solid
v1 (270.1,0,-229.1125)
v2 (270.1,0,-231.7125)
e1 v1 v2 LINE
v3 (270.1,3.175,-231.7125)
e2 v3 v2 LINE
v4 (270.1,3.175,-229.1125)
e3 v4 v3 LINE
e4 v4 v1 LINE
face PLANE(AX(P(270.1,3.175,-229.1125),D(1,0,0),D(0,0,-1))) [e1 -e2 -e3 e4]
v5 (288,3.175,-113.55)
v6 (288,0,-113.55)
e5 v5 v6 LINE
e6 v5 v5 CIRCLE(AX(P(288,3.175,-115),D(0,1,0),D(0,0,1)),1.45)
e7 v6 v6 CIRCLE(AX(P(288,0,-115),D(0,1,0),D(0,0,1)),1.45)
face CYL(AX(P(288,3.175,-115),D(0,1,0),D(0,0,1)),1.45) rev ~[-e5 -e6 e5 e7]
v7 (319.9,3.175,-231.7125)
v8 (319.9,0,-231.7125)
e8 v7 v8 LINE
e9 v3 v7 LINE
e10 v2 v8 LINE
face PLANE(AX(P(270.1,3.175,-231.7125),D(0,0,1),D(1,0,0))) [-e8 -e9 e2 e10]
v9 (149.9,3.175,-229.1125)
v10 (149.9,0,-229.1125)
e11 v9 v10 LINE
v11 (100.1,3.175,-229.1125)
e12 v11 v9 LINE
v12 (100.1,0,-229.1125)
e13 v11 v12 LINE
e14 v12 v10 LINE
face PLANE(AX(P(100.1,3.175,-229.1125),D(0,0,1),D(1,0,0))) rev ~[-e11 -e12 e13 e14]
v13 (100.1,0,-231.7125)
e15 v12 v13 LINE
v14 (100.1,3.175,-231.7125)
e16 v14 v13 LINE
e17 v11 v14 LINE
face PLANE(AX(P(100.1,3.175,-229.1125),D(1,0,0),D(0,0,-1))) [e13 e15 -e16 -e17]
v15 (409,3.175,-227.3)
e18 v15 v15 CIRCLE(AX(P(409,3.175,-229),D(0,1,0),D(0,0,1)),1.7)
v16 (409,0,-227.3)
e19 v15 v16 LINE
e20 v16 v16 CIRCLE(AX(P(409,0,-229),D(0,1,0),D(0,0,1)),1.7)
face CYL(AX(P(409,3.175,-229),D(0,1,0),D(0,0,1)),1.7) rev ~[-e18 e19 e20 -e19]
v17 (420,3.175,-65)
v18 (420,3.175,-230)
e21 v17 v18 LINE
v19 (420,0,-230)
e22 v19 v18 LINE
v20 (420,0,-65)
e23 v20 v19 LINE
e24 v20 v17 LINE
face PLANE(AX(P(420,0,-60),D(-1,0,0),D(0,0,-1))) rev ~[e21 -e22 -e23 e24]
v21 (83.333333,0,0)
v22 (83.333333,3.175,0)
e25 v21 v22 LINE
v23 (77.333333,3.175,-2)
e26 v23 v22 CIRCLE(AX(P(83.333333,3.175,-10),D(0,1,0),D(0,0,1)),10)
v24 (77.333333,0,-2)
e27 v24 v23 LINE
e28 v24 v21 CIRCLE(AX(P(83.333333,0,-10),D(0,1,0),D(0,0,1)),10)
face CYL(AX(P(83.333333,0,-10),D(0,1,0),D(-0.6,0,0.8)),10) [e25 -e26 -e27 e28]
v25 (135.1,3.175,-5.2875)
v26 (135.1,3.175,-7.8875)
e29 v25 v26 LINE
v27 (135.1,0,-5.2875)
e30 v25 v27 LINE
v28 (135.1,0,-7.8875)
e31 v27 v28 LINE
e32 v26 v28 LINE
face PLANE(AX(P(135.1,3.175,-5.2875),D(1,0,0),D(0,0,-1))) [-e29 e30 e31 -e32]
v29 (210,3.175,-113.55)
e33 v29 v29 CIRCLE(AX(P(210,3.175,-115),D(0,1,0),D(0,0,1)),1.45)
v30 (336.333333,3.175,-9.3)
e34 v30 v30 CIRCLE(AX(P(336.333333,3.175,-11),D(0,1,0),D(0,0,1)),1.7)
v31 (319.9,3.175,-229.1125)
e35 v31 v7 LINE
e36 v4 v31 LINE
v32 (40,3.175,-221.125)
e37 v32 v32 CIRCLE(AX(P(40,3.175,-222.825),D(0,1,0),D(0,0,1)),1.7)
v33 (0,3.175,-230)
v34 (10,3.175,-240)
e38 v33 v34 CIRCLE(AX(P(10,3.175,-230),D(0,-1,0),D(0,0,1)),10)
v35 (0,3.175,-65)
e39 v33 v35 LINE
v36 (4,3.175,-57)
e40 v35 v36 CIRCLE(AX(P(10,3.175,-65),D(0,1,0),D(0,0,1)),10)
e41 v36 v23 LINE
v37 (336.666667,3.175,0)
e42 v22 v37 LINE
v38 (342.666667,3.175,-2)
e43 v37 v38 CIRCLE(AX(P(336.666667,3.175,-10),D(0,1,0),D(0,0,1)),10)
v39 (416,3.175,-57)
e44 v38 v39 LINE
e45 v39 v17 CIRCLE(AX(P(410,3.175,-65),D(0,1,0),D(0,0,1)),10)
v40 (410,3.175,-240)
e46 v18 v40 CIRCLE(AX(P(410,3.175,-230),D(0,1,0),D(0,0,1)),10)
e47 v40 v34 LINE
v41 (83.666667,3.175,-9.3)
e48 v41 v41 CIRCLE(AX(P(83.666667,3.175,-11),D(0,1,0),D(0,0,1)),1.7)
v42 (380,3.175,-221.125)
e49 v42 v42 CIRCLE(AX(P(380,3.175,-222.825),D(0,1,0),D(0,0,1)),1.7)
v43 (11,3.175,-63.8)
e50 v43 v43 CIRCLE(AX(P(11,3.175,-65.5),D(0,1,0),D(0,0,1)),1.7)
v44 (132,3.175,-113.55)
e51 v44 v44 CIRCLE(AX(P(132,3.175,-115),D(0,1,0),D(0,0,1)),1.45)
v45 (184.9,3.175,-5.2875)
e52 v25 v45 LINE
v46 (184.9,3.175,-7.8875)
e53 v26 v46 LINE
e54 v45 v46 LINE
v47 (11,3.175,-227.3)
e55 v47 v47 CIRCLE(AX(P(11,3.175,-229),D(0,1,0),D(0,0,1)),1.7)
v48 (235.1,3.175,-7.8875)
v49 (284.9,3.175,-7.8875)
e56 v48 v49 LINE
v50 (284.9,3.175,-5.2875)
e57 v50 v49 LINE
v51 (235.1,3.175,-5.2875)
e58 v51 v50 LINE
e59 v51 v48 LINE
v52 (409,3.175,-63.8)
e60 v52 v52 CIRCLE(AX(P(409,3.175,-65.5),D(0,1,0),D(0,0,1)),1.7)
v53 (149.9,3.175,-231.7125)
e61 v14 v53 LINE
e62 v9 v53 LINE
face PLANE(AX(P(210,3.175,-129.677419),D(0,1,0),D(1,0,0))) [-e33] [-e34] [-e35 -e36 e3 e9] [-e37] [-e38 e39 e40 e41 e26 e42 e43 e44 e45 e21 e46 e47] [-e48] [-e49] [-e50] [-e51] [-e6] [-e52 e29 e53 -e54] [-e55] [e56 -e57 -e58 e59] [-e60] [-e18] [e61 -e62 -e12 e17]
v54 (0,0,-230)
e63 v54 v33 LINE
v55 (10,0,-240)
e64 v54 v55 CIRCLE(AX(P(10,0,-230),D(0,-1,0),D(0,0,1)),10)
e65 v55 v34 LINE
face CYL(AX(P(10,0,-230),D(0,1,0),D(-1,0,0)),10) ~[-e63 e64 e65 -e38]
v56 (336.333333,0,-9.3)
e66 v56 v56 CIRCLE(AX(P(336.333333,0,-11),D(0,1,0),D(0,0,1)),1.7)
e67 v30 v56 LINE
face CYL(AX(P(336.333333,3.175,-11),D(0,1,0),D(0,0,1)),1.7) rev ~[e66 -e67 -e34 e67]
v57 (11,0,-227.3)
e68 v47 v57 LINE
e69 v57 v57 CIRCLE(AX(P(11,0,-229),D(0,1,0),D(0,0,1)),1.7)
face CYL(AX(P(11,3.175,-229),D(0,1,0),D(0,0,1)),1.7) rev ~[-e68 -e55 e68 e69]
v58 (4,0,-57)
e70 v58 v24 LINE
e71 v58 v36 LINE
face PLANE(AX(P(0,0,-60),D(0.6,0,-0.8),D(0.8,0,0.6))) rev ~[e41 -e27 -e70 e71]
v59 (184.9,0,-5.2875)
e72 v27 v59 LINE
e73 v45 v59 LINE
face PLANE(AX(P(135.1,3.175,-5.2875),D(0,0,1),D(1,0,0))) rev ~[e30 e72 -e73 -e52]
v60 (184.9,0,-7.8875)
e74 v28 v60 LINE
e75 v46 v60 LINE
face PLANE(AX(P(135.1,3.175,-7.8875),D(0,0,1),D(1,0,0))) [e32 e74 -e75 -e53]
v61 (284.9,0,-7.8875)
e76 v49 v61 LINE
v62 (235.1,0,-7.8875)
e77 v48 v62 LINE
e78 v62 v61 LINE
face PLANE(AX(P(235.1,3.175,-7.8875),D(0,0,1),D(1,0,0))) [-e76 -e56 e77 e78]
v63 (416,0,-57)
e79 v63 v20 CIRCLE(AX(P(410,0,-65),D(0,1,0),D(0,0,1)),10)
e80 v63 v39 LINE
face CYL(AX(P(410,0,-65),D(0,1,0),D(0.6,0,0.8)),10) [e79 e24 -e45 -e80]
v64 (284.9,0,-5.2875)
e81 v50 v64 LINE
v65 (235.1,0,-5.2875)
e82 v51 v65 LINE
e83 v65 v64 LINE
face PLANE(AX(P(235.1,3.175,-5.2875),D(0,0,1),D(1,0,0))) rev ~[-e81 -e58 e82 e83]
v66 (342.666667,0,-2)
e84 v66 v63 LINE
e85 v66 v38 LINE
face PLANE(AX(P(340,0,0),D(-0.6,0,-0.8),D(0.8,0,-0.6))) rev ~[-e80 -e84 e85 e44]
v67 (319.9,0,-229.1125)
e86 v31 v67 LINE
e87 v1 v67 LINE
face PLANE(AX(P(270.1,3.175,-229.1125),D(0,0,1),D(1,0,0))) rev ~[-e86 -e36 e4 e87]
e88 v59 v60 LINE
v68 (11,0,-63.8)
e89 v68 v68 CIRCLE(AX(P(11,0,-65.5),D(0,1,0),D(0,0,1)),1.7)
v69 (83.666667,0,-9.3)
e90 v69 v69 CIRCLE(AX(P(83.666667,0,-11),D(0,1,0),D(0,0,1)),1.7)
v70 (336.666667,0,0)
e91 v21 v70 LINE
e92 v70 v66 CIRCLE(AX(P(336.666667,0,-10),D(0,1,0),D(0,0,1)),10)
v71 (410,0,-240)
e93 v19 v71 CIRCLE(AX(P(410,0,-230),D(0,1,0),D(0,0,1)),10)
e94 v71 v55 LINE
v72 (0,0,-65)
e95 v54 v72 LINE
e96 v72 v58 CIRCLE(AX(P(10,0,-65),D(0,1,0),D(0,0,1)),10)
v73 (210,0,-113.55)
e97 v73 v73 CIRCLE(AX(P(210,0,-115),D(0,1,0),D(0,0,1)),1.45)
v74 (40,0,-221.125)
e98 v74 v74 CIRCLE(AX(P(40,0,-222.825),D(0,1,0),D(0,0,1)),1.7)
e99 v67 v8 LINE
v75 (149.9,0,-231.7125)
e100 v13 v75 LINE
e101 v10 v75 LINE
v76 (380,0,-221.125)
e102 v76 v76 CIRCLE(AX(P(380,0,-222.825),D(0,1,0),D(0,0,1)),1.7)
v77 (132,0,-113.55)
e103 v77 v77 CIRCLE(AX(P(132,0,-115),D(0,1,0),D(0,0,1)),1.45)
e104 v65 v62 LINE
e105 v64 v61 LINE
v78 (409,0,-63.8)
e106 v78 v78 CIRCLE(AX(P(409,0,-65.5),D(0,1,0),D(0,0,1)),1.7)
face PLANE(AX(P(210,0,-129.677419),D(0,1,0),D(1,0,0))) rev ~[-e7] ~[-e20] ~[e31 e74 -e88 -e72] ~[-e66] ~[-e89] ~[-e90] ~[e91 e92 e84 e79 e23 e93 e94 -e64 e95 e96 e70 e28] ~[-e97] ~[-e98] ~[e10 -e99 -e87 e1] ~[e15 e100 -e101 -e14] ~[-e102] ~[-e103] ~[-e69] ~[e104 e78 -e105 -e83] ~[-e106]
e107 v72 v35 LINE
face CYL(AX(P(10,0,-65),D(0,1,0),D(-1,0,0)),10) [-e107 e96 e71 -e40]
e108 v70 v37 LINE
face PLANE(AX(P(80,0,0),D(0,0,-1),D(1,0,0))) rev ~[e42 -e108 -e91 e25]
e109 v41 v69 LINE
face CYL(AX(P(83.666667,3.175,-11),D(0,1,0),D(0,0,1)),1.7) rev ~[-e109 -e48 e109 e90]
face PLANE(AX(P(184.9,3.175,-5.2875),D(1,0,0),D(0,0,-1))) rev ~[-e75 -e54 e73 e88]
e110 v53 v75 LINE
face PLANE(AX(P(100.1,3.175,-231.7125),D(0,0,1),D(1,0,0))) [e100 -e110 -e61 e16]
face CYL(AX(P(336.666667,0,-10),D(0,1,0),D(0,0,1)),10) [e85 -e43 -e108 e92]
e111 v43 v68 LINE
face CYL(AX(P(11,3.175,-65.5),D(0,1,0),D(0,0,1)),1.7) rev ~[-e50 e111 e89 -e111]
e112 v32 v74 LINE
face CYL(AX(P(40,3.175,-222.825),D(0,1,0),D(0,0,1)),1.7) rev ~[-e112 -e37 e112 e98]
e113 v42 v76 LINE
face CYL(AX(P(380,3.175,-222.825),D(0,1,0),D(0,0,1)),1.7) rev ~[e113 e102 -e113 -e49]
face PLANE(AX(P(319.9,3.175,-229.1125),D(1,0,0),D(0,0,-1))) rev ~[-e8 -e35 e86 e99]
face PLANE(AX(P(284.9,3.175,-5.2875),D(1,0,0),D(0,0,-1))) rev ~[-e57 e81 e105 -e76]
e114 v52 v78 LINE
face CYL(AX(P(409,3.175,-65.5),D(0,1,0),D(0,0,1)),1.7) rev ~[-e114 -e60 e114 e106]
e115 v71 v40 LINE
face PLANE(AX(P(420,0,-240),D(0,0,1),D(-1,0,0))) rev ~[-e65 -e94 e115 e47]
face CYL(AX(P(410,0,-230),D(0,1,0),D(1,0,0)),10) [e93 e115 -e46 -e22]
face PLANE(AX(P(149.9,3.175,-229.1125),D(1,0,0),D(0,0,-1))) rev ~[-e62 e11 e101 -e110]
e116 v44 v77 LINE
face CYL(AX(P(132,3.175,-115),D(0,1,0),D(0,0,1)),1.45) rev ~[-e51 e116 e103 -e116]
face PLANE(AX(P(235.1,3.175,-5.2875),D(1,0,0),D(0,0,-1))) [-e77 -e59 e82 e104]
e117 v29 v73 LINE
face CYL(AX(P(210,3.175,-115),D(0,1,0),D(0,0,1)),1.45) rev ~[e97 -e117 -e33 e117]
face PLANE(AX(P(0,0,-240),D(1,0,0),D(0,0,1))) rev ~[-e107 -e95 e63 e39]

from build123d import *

# Parameters (mm, degrees)
BOSS_EXTRUDE1_DEPTH = 3.175
FILLET1_R           = 10
SKETCH2_R           = 1.7
SKETCH2_R_2         = 1.45
CUT_EXTRUDE1_DEPTH  = 3.175
SKETCH6_W           = 49.8
SKETCH6_H           = 2.6
CUT_EXTRUDE2_DEPTH  = 3.175


with BuildPart() as part:
    # Sketch1 → Boss-Extrude1 (new body)
    with BuildSketch(Plane(origin=(0, 0, 0), x_dir=(1, 0, 0), z_dir=(0, 1, 0))):
        Polygon((0, 240), (0, 60), (80, 0), (340, 0), (420, 60), (420, 240), align=None)
    extrude(amount=BOSS_EXTRUDE1_DEPTH)

    # Fillet1
    fillet1_edges = [part.edges().sort_by_distance(p)[0] for p in [
        (420, 1.5875, -240),
        (420, 1.5875, -60),
        (340, 1.5875, 0),
        (80, 1.5875, 0),
        (0, 1.5875, -60),
        (0, 1.5875, -240),
    ]]
    fillet(fillet1_edges, radius=FILLET1_R)

    # Sketch2 → Cut-Extrude1 (cut)
    with BuildSketch(Plane(origin=(0, 3.175, 0), x_dir=(1, 0, 0), z_dir=(0, 1, 0))):
        with Locations(Location((11, 229, 0), (0, 0, 270))):
            Circle(SKETCH2_R)
        with Locations(Location((11, 65.5, 0), (0, 0, 270))):
            Circle(SKETCH2_R)
        with Locations(Location((83.666666667, 11, 0), (0, 0, 270))):
            Circle(SKETCH2_R)
        with Locations(Location((409, 65.5, 0), (0, 0, 270))):
            Circle(SKETCH2_R)
        with Locations(Location((336.333333333, 11, 0), (0, 0, 270))):
            Circle(SKETCH2_R)
        with Locations(Location((210, 115, 0), (0, 0, 270))):
            Circle(SKETCH2_R_2)
        with Locations(Location((132, 115, 0), (0, 0, 270))):
            Circle(SKETCH2_R_2)
        with Locations(Location((288, 115, 0), (0, 0, 270))):
            Circle(SKETCH2_R_2)
        with Locations(Location((40, 222.825, 0), (0, 0, 270))):
            Circle(SKETCH2_R)
        with Locations(Location((380, 222.825, 0), (0, 0, 270))):
            Circle(SKETCH2_R)
        with Locations(Location((409, 229, 0), (0, 0, 270))):
            Circle(SKETCH2_R)
    extrude(amount=-CUT_EXTRUDE1_DEPTH, mode=Mode.SUBTRACT)

    # Sketch6 → Cut-Extrude2 (cut)
    with BuildSketch(Plane(origin=(0, 3.175, 0), x_dir=(1, 0, 0), z_dir=(0, 1, 0))):
        with Locations((160, 6.5875)):
            Rectangle(SKETCH6_W, SKETCH6_H)
        with Locations((125, 230.4125)):
            Rectangle(SKETCH6_W, SKETCH6_H)
        with Locations((295, 230.4125)):
            Rectangle(SKETCH6_W, SKETCH6_H)
        with Locations((260, 6.5875)):
            Rectangle(SKETCH6_W, SKETCH6_H)
    extrude(amount=-CUT_EXTRUDE2_DEPTH, mode=Mode.SUBTRACT)


solid = part.part
